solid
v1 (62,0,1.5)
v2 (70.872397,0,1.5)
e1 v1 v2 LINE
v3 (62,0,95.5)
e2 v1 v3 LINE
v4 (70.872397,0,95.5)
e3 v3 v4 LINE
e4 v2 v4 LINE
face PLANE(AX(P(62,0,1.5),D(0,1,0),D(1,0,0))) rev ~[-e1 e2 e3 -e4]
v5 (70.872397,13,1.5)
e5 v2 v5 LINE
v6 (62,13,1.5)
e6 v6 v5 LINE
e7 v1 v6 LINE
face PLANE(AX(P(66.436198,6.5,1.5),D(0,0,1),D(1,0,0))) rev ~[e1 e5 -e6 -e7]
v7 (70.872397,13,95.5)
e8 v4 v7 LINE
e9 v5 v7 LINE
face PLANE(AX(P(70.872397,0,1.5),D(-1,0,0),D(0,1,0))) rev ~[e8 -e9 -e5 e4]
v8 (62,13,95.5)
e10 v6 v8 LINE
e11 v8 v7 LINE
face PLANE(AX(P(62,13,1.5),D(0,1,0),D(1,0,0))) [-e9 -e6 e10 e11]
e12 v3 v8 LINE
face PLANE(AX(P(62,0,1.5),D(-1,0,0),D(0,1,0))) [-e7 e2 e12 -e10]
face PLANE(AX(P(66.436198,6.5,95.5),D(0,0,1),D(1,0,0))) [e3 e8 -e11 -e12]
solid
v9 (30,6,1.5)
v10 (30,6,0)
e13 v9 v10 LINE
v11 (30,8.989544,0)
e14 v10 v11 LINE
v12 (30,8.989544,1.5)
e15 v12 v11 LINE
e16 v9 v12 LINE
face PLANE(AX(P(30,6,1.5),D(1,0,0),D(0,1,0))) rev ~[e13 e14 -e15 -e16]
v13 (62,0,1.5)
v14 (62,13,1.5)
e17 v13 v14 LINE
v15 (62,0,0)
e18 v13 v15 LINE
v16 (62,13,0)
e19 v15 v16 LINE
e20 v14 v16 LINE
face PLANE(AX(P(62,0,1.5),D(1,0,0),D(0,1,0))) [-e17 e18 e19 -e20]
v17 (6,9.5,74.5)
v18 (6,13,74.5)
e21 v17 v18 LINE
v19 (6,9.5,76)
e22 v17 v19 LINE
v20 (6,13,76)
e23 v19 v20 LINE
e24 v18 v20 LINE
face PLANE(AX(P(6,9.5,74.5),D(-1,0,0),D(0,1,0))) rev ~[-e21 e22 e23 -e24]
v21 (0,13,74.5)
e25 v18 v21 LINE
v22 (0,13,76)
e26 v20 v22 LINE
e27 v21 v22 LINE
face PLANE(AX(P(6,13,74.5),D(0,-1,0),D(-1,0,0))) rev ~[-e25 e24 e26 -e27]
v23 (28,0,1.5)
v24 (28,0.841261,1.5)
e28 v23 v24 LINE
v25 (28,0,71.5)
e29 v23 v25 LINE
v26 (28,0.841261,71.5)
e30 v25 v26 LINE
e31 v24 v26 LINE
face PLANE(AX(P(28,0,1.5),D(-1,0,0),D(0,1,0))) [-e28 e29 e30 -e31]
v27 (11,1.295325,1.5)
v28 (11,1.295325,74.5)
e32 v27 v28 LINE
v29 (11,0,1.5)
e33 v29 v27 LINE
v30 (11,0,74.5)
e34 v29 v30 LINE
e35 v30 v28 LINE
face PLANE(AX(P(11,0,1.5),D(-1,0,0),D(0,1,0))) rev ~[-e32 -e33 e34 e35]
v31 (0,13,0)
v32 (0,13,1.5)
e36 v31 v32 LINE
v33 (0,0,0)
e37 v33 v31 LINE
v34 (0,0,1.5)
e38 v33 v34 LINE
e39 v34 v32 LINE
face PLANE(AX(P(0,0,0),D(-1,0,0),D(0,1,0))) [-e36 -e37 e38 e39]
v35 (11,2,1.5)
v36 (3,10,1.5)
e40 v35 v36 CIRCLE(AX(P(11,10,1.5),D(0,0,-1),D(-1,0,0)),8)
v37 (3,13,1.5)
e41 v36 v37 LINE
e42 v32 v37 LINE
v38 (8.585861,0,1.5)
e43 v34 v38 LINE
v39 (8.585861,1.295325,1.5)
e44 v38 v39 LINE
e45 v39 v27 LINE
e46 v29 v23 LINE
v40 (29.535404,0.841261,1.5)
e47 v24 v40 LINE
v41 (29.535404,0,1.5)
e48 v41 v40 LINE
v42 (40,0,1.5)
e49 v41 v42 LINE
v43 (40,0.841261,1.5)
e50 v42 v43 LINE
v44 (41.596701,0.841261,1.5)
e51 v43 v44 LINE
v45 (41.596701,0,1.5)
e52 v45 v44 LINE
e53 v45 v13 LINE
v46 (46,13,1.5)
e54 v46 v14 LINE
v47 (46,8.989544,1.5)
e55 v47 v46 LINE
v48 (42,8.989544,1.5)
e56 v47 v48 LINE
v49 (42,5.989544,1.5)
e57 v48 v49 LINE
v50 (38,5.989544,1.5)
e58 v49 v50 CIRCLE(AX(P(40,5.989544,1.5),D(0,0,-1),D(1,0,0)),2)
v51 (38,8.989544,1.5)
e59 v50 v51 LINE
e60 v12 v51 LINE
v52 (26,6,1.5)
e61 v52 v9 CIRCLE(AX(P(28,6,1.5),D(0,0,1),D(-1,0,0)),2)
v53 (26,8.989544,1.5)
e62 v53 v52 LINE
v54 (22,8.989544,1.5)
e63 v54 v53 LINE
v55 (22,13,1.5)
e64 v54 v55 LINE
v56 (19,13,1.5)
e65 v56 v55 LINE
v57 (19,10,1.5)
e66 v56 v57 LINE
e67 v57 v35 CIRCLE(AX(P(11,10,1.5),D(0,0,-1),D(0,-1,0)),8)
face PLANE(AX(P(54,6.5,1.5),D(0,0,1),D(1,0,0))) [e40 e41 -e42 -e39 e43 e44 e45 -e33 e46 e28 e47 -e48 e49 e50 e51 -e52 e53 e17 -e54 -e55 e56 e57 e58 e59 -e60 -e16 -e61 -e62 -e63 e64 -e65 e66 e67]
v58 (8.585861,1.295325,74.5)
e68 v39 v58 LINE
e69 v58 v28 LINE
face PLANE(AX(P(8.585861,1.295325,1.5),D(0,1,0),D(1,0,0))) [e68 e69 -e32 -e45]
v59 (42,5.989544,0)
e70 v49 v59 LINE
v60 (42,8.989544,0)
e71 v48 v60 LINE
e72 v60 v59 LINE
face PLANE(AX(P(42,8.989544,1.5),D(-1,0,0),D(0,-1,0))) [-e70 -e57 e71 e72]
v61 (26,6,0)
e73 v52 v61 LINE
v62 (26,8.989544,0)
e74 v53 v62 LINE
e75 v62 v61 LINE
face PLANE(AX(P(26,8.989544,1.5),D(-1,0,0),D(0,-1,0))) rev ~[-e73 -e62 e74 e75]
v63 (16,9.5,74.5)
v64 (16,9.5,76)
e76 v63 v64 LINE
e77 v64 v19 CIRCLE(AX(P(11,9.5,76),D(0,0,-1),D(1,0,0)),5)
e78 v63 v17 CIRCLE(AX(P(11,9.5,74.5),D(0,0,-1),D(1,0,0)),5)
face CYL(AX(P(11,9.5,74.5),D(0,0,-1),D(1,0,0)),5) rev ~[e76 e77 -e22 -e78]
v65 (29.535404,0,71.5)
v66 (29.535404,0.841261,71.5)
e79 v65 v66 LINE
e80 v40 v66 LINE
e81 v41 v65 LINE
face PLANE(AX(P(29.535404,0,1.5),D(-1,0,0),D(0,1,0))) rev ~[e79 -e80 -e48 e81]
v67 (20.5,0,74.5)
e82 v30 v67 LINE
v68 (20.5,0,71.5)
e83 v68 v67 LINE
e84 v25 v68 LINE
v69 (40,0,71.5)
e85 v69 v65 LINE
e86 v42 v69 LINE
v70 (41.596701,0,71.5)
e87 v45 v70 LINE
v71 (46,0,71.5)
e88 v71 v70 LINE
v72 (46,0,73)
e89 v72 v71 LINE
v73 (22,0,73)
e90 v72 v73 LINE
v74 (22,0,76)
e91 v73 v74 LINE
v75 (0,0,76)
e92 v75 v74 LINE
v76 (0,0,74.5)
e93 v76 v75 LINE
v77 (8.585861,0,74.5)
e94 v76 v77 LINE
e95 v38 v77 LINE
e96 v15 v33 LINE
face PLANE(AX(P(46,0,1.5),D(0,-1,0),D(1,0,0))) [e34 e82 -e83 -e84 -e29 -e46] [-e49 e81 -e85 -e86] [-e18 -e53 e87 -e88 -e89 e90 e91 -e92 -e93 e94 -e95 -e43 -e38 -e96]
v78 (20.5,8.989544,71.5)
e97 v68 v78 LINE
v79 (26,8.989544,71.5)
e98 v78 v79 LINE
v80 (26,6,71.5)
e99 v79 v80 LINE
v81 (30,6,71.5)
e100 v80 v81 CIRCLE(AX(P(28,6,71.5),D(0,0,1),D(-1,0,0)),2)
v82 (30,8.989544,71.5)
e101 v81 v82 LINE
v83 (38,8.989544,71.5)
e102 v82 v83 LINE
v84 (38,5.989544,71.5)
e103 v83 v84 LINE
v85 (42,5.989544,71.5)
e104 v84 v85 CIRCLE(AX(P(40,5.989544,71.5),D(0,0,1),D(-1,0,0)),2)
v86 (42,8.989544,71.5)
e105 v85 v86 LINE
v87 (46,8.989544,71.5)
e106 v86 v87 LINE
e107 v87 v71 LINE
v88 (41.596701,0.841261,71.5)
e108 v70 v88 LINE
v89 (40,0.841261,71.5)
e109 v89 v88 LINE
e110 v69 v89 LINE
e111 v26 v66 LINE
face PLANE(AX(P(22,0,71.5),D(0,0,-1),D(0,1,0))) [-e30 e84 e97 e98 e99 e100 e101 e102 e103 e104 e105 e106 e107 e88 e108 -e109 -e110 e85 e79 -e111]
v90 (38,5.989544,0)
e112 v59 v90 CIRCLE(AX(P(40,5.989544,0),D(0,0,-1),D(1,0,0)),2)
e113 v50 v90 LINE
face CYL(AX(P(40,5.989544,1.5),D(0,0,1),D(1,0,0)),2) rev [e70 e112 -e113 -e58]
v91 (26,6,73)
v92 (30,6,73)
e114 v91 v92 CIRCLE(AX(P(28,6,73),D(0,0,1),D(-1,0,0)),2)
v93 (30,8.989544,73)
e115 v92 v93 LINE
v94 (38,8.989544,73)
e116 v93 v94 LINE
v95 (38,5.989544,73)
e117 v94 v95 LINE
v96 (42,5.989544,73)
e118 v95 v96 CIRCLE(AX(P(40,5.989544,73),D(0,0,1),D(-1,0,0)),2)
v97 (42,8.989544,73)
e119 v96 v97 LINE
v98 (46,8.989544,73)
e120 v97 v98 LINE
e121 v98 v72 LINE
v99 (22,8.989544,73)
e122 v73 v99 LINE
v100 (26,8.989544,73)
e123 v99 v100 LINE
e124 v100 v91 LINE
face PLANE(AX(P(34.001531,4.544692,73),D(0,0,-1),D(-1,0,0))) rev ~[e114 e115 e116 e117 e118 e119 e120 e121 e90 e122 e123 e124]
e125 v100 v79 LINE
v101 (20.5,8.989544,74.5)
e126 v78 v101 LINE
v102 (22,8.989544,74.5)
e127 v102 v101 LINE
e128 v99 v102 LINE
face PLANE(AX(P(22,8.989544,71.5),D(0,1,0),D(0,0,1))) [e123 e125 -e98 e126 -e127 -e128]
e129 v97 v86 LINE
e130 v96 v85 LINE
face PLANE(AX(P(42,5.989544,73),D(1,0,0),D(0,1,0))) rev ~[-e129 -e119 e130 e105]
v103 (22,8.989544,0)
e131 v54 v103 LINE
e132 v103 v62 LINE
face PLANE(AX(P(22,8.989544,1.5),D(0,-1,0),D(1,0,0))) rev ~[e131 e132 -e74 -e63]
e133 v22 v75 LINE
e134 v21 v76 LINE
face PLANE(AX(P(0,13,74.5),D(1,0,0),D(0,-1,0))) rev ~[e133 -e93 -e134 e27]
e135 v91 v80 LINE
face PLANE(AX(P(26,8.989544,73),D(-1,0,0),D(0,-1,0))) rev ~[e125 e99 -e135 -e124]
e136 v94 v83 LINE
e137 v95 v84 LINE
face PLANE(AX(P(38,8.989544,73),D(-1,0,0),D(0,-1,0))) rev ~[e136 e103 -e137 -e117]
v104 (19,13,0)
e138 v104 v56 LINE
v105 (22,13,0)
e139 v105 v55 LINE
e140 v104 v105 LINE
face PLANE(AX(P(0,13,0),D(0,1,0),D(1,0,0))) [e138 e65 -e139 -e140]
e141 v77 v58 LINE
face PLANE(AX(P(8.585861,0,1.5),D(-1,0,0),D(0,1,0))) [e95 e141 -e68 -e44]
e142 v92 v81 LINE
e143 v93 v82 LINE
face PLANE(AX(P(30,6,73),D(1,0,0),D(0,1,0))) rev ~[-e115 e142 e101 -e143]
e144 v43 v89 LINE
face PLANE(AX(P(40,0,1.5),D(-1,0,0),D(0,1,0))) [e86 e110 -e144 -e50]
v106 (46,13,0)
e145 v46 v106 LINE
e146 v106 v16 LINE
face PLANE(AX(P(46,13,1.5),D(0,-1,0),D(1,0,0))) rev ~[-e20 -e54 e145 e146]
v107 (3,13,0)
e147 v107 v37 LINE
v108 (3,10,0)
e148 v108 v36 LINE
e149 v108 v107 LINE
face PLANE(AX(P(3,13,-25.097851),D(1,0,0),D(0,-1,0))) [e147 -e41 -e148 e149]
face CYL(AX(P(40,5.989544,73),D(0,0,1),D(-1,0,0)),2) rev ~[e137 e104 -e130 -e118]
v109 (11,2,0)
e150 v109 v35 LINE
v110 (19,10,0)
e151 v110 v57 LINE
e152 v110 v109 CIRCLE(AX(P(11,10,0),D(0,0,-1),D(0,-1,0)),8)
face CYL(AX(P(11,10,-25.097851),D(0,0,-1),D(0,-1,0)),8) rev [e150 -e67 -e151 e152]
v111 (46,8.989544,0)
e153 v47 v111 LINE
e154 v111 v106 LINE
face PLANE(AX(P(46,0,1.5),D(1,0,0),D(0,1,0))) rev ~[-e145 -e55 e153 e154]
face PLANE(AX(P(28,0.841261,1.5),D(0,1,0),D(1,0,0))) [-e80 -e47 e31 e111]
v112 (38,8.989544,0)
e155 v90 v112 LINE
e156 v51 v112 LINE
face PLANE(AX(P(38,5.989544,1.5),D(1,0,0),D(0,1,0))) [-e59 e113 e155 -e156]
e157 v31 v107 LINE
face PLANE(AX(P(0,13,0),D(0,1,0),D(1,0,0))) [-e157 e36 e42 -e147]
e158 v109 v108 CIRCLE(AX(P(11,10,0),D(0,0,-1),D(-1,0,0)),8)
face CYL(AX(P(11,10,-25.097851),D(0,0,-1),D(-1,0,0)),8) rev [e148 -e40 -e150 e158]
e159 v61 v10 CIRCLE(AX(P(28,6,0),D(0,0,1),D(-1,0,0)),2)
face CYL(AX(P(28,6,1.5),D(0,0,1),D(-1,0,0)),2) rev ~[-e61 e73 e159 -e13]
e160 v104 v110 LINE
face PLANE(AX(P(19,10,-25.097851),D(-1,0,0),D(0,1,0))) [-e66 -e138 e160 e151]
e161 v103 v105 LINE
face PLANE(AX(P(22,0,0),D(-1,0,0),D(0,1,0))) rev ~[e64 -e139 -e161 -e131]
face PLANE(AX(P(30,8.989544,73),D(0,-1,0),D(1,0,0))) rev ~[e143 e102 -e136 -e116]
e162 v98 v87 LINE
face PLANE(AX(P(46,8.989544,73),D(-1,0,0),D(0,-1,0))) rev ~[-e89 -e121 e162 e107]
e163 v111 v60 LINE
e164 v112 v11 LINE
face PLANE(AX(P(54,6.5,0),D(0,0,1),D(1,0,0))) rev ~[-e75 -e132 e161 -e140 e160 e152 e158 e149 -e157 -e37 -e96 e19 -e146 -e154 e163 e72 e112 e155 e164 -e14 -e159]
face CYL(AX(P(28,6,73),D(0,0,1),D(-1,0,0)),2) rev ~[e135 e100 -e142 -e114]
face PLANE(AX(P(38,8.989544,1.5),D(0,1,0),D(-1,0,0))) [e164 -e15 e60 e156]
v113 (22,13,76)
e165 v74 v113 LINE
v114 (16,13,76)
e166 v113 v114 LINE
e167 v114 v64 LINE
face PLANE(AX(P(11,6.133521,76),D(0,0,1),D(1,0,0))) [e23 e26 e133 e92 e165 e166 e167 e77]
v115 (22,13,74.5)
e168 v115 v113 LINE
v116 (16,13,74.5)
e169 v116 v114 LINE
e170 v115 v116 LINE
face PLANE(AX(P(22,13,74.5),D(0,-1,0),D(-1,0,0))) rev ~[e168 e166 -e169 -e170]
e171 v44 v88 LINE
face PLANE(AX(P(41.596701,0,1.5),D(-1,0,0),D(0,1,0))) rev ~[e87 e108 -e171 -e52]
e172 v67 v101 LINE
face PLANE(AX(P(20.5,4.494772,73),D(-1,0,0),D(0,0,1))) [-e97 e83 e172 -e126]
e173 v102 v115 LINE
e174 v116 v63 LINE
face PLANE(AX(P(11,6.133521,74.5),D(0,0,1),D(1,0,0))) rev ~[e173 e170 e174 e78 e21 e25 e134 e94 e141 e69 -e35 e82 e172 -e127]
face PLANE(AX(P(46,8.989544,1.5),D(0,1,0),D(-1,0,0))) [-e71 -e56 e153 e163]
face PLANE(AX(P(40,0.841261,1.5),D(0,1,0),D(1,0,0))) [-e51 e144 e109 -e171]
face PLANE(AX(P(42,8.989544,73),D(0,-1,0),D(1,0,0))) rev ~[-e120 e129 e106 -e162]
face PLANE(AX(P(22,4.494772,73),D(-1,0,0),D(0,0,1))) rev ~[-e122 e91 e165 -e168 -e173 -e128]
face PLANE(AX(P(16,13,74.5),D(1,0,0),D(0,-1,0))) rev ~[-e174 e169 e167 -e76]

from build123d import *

# Parameters (mm, degrees)
CROQUIS1_W                 = 22
CROQUIS1_H                 = 13
SALIENTE_EXTRUIR1_DEPTH    = 1.5
CORTAR_EXTRUIR1_DEPTH      = 26.597851472
CORTAR_EXTRUIR1_DEPTH_BACK = 26.597851472
CROQUIS3_W                 = 2.414138677
CROQUIS3_H                 = 1.29532468
SALIENTE_EXTRUIR2_DEPTH    = 73
SALIENTE_EXTRUIR3_DEPTH    = 1.5
SALIENTE_EXTRUIR4_DEPTH    = 1.5
SALIENTE_EXTRUIR6_DEPTH    = 1.5
CROQUIS11_W                = 1.535403859
CROQUIS11_H                = 0.841260835
CROQUIS11_W_2              = 1.596700718
SALIENTE_EXTRUIR8_DEPTH    = 70
SALIENTE_EXTRUIR9_START    = 1.5
SALIENTE_EXTRUIR9_DEPTH    = 1.5
CROQUIS13_W                = 3
CROQUIS13_H                = 8.989544026
SALIENTE_EXTRUIR10_DEPTH   = 1.5
CROQUIS16_W                = 16
CROQUIS16_H                = 13
SALIENTE_EXTRUIR11_DEPTH   = 1.5
CROQUIS17_W                = 8.872396733
CROQUIS17_H                = 13
SALIENTE_EXTRUIR13_DEPTH   = 94


with BuildPart() as part:
    # Croquis1 → Saliente-Extruir1 (new body)
    with BuildSketch(Plane.XY):
        with Locations((11, 6.5)):
            Rectangle(CROQUIS1_W, CROQUIS1_H)
    extrude(amount=SALIENTE_EXTRUIR1_DEPTH)

    # Croquis2 → Cortar-Extruir1 (cut, two sides: drawn at the far end of the back side and taken through both)
    with BuildSketch(Plane.XY.offset(1.5).offset(-CORTAR_EXTRUIR1_DEPTH_BACK)):
        with BuildLine():
            Line((3, 13), (3, 10))
            ThreePointArc((3, 10), (5.343145751, 4.343145751), (11, 2))
            ThreePointArc((11, 2), (16.656854249, 4.343145751), (19, 10))
            Line((19, 10), (19, 13))
            Line((19, 13), (3, 13))
        make_face()
    extrude(amount=CORTAR_EXTRUIR1_DEPTH + CORTAR_EXTRUIR1_DEPTH_BACK, mode=Mode.SUBTRACT)

    # Croquis3 → Saliente-Extruir2 (add)
    with BuildSketch(Plane.XY.offset(1.5)):
        with Locations((9.792930662, 0.64766234)):
            Rectangle(CROQUIS3_W, CROQUIS3_H)
    extrude(amount=SALIENTE_EXTRUIR2_DEPTH)

    # Croquis5 → Saliente-Extruir3 (add)
    with BuildSketch(Plane.XY.offset(74.5)):
        with BuildLine():
            Line((6, 9.5), (6, 13))
            Line((6, 13), (0, 13))
            Line((0, 13), (0, 0))
            Line((0, 0), (22, 0))
            Line((22, 0), (22, 13))
            Line((22, 13), (16, 13))
            Line((16, 13), (16, 9.5))
            ThreePointArc((16, 9.5), (11, 4.5), (6, 9.5))
        make_face()
    extrude(amount=SALIENTE_EXTRUIR3_DEPTH)

    # Croquis8 → Saliente-Extruir4 (add)
    with BuildSketch(Plane.XY.offset(1.5)):
        with BuildLine():
            Line((34, 0), (22, 0))
            Line((22, 0), (22, 8.989544026))
            Line((22, 8.989544026), (26, 8.989544026))
            Line((26, 8.989544026), (26, 6))
            ThreePointArc((26, 6), (28, 4), (30, 6))
            Line((30, 6), (30, 8.989544026))
            Line((30, 8.989544026), (34, 8.989544026))
            Line((34, 8.989544026), (34, 0))
        make_face()
    extrude(amount=-SALIENTE_EXTRUIR4_DEPTH)

    # Croquis10 → Saliente-Extruir6 (add)
    with BuildSketch(Plane.XY.offset(1.5)):
        with BuildLine():
            Line((38, 5.989544026), (38, 8.989544026))
            Line((38, 8.989544026), (34, 8.989544026))
            Line((34, 8.989544026), (34, 0))
            Line((34, 0), (46, 0))
            Line((46, 0), (46, 8.989544026))
            Line((46, 8.989544026), (42, 8.989544026))
            Line((42, 8.989544026), (42, 5.989544026))
            ThreePointArc((42, 5.989544026), (40, 3.989544026), (38, 5.989544026))
        make_face()
    extrude(amount=-SALIENTE_EXTRUIR6_DEPTH)

    # Croquis11 → Saliente-Extruir8 (add)
    with BuildSketch(Plane.XY.offset(1.5)):
        with Locations((28.767701929, 0.420630418)):
            Rectangle(CROQUIS11_W, CROQUIS11_H)
        with Locations((40.798350359, 0.420630418)):
            Rectangle(CROQUIS11_W_2, CROQUIS11_H)
    extrude(amount=SALIENTE_EXTRUIR8_DEPTH)

    # Croquis12 → Saliente-Extruir9 (add)
    with BuildSketch(Plane.XY.offset(71.5).offset(SALIENTE_EXTRUIR9_START)):
        with BuildLine():
            Line((26, 8.989544026), (26, 6))
            ThreePointArc((26, 6), (28, 4), (30, 6))
            Line((30, 6), (30, 8.989544026))
            Line((30, 8.989544026), (38, 8.989544026))
            Line((38, 8.989544026), (38, 5.989544026))
            ThreePointArc((38, 5.989544026), (40, 3.989544026), (42, 5.989544026))
            Line((42, 5.989544026), (42, 8.989544026))
            Line((42, 8.989544026), (46, 8.989544026))
            Line((46, 8.989544026), (46, 0))
            Line((46, 0), (22, 0))
            Line((22, 0), (22, 8.989544026))
            Line((22, 8.989544026), (26, 8.989544026))
        make_face()
    extrude(amount=-SALIENTE_EXTRUIR9_DEPTH)

    # Croquis13 → Saliente-Extruir10 (add)
    with BuildSketch(Plane.ZY.offset(-22)):
        with Locations((73, 4.494772013)):
            Rectangle(CROQUIS13_W, CROQUIS13_H)
    extrude(amount=SALIENTE_EXTRUIR10_DEPTH)

    # Croquis16 → Saliente-Extruir11 (add)
    with BuildSketch(Plane.XY.offset(1.5)):
        with Locations((54, 6.5)):
            Rectangle(CROQUIS16_W, CROQUIS16_H)
    extrude(amount=-SALIENTE_EXTRUIR11_DEPTH)


with BuildPart() as body_2:
    # Croquis17 → Saliente-Extruir13 (new body)
    with BuildSketch(Plane.XY.offset(1.5)):
        with Locations((66.436198367, 6.5)):
            Rectangle(CROQUIS17_W, CROQUIS17_H)
    extrude(amount=SALIENTE_EXTRUIR13_DEPTH)


solid = Compound([part.part, body_2.part])
